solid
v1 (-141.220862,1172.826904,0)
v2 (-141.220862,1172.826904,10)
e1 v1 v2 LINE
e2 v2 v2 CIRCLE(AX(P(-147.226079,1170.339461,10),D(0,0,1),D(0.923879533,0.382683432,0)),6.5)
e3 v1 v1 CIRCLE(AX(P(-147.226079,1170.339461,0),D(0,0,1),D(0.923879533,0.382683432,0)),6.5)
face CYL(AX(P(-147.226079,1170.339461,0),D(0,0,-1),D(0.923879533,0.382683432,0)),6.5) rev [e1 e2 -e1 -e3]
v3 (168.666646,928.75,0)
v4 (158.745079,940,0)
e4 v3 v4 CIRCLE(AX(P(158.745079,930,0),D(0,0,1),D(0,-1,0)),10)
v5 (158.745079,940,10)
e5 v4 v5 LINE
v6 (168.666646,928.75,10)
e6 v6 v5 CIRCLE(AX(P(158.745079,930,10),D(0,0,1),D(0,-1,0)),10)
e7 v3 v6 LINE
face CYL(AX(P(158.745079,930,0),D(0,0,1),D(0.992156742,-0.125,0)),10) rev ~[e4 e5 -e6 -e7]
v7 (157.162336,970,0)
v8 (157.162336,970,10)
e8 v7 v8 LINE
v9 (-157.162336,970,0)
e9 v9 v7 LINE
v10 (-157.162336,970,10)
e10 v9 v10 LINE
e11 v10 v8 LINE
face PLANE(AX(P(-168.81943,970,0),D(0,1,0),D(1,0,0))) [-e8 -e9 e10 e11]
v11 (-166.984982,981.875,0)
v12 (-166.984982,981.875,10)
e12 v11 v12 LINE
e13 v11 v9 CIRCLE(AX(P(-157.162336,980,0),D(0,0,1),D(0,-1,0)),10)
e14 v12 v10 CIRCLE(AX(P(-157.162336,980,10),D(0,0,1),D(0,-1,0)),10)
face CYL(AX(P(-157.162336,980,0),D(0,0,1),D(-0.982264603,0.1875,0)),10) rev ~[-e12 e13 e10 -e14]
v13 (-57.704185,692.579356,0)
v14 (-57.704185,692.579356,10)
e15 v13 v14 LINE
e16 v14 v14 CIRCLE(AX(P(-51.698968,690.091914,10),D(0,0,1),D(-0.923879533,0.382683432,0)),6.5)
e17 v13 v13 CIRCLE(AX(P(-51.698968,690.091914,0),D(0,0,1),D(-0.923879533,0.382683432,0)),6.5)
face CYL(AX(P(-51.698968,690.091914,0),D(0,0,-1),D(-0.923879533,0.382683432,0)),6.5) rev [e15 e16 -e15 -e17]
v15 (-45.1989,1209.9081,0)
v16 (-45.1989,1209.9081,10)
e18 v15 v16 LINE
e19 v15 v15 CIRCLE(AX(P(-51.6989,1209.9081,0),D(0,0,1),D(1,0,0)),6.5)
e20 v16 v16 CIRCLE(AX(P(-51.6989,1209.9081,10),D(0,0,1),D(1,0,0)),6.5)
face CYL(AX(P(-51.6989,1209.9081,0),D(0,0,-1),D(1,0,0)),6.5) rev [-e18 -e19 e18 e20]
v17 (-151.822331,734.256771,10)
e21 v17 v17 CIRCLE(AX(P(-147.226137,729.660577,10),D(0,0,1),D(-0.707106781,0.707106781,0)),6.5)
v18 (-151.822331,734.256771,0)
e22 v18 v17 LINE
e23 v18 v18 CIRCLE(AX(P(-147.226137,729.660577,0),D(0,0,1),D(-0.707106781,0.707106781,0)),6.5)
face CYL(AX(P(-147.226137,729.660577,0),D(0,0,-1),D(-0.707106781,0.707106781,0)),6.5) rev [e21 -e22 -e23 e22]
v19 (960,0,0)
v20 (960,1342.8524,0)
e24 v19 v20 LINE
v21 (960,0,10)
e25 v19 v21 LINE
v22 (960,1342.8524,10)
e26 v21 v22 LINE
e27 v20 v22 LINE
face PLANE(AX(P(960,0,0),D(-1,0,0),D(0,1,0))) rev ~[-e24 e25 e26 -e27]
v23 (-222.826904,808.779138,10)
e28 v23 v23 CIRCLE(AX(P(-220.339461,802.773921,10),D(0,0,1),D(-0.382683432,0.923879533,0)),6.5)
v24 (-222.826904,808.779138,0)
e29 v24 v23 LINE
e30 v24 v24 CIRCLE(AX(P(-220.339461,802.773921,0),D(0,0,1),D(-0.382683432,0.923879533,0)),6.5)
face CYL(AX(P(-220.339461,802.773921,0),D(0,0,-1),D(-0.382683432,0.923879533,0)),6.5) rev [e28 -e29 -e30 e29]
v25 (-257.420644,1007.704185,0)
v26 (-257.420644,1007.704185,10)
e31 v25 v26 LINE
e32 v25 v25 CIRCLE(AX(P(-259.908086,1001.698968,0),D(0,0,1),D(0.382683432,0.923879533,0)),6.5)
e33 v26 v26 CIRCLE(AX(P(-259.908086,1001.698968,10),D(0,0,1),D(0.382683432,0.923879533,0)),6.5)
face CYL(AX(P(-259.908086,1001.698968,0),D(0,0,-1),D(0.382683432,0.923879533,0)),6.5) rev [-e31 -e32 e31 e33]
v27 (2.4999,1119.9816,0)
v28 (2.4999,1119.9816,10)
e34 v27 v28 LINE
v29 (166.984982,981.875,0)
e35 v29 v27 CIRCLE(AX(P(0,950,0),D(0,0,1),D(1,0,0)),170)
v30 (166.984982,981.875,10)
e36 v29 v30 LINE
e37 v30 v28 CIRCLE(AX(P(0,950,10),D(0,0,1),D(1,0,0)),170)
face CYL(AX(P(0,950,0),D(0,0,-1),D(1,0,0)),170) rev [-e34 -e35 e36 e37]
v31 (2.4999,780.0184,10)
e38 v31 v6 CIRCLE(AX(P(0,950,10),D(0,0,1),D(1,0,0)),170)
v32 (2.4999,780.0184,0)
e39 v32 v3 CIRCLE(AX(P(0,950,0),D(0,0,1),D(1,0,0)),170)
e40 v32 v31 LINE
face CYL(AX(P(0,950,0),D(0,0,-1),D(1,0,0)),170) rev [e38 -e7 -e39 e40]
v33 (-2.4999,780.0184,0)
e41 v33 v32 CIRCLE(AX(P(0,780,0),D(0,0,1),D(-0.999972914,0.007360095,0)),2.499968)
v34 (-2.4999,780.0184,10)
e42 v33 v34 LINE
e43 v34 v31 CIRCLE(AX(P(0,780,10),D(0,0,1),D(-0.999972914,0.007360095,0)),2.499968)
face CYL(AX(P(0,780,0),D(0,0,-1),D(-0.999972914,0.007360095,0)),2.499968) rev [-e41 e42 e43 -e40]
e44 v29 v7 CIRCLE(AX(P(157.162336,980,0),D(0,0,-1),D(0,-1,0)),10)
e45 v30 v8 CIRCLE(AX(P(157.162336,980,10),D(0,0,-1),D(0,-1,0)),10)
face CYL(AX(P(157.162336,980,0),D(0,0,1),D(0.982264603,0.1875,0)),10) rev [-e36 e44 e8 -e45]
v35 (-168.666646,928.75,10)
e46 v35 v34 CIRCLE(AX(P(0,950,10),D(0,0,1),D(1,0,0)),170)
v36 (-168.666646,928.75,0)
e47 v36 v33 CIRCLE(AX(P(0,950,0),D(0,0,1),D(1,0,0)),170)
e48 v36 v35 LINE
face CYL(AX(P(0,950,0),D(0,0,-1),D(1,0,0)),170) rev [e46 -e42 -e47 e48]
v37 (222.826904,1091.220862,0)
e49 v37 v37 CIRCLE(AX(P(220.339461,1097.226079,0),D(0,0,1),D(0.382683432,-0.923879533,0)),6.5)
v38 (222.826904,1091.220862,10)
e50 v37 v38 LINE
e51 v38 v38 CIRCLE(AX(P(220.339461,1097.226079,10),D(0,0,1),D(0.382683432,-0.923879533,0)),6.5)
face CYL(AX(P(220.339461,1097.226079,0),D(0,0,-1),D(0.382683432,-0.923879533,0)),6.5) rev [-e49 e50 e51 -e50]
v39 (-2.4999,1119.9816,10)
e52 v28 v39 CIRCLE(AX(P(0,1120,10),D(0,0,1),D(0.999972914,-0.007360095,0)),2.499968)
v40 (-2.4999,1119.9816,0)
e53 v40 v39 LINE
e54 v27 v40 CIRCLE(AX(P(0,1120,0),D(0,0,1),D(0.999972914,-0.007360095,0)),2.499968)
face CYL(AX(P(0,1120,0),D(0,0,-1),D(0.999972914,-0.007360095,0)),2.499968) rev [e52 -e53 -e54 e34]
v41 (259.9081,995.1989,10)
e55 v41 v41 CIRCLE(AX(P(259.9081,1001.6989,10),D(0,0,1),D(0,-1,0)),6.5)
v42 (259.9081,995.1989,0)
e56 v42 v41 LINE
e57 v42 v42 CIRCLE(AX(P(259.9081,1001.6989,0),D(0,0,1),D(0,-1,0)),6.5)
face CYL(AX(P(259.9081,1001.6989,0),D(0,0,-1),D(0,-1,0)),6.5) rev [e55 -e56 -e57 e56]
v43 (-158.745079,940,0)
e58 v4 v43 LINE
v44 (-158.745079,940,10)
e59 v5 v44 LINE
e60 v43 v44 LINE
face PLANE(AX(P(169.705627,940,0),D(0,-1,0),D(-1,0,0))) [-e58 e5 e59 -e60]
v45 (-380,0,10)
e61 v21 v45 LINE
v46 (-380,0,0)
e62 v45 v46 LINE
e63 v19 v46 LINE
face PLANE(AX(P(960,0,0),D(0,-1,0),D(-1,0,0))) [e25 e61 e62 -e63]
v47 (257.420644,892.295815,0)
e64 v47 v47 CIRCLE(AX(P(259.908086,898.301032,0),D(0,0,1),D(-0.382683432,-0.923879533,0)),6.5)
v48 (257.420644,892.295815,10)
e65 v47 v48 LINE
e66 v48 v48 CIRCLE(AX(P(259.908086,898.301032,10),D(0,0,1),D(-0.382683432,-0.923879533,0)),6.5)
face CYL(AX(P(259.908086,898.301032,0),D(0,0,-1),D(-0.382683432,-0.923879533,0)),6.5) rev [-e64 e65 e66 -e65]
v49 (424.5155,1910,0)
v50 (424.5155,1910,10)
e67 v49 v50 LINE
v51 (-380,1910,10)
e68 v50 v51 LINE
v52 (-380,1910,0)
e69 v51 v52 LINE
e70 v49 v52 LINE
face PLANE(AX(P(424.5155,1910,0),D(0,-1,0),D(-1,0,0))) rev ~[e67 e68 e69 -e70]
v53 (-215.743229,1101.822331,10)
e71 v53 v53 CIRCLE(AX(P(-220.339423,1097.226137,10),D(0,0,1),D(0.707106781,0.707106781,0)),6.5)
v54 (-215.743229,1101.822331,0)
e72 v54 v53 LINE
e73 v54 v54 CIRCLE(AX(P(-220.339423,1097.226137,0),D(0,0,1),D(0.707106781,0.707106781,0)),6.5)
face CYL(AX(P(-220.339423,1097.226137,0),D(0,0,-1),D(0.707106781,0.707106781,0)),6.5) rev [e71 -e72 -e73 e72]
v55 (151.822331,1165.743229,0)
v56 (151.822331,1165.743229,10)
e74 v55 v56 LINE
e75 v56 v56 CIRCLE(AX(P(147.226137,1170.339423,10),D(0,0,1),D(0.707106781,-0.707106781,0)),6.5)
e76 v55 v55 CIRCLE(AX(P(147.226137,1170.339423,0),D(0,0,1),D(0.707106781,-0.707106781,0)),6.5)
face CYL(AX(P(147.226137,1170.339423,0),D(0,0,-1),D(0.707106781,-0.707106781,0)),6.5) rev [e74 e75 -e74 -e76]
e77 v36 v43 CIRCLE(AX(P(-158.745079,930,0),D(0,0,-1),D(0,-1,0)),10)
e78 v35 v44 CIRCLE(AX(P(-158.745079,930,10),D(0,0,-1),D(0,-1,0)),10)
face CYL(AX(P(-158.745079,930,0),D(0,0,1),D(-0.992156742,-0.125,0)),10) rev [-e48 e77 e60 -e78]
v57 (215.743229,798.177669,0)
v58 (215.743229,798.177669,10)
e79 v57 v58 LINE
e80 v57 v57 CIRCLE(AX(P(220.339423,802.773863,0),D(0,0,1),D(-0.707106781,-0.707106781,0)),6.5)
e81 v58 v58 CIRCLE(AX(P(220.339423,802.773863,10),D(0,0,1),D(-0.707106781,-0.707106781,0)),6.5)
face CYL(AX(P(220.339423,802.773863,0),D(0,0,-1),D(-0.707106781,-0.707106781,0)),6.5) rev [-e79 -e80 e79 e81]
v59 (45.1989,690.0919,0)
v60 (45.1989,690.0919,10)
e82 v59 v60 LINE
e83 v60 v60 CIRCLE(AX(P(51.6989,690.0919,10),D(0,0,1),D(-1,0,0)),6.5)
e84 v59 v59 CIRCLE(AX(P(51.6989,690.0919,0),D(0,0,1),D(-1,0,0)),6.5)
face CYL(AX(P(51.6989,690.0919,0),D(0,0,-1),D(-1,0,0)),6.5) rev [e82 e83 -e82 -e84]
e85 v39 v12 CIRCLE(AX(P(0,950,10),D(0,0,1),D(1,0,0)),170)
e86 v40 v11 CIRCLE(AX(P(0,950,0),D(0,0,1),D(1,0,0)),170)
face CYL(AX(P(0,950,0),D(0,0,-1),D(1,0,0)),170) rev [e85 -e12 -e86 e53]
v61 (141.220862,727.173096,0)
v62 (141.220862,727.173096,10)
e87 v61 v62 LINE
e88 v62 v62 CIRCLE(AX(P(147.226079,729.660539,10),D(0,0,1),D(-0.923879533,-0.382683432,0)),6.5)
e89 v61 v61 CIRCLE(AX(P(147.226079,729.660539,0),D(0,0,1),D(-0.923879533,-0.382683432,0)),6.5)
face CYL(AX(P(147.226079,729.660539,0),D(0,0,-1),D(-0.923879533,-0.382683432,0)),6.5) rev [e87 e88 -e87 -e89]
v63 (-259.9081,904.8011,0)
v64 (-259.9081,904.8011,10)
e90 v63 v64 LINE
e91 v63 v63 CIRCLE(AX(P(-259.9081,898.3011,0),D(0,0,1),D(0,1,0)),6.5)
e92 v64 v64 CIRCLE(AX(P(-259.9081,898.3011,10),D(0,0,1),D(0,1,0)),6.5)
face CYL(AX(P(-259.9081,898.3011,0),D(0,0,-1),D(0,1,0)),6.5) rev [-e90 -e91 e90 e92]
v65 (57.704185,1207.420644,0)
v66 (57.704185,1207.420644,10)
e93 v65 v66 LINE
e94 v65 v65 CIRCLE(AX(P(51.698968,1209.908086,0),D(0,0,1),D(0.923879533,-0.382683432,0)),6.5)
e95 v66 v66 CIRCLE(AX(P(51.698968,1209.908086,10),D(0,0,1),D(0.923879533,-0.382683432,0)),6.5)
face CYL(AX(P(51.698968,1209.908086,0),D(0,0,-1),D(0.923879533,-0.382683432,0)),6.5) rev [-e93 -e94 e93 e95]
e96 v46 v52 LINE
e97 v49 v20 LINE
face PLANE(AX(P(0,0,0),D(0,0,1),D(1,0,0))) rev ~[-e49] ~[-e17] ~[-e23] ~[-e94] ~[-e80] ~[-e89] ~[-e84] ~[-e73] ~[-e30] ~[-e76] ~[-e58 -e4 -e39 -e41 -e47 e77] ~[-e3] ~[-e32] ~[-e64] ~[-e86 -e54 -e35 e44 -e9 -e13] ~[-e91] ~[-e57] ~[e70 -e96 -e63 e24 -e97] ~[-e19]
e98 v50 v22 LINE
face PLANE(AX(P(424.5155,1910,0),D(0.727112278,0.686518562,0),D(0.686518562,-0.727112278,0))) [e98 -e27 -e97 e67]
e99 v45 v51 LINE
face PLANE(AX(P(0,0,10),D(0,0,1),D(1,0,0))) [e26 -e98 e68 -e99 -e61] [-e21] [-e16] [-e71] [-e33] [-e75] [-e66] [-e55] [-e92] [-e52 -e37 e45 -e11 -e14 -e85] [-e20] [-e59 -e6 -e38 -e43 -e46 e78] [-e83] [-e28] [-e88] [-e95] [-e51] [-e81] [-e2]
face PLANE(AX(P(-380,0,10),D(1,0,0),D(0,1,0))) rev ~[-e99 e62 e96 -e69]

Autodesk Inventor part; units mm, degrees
ref_plane "YZ Plane" through (0, 0, 0) normal (1, 0, 0) x (0, 1, 0)
ref_plane "XZ Plane" through (0, 0, 0) normal (0, 1, 0) x (-1, 0, 0)
ref_plane "XY Plane" through (0, 0, 0) normal (0, 0, 1) x (1, 0, 0)
sketch "Sketch1" plane through (0, 0, 0) normal (0, 0, 1) x (1, 0, 0)
  line L0 (0, 0) -> (0, 1910) construction
  line L1 (424.5155, 1910) -> (-415.4845, 1910)
  line L2 (-415.4845, 1910) -> (-1180, 1150)
  line L3 (-1180, 0) -> (-1180, 1150)
  line L4 (960, 0) -> (960, 1342.8524)
  line L5 (424.5155, 1910) -> (960, 1342.8524)
  circle A0 centre (0, 950) radius 265 construction
  line L6 (960, 0) -> (-1180, 0)
  circle A1 centre (-1701.6377, -269.2167) radius 188.5 construction
  circle A2 centre (-800, 80) radius 55
  circle A3 centre (0, 950) radius 170
  line L7 (0, 1215) -> (0, 1120) construction
  line L8 (-721.2646, 955) -> (721.2646, 955) construction
  line L9 (-169.9265, 955) -> (-174.9265, 955) construction
  line L10 (-174.9265, 960) -> (-174.9265, 950)
  line L11 (-174.9265, 960) -> (-169.7056, 960)
  line L12 (-174.9265, 950) -> (-170, 950)
  line L13 (169.9265, 955) -> (174.9265, 955) construction
  line L14 (174.9265, 960) -> (174.9265, 950)
  line L15 (169.7056, 960) -> (174.9265, 960)
  line L16 (174.9265, 950) -> (170, 950)
  line L17 (-174.9265, 970) -> (174.9265, 970)
  line L18 (174.9265, 970) -> (174.9265, 940)
  line L19 (174.9265, 940) -> (-174.9265, 940)
  line L20 (-174.9265, 940) -> (-174.9265, 970)
  arc A4 (-2.4999, 780.0184) -> (2.4999, 780.0184) centre (0, 780) ccw
  arc A5 (2.4999, 1119.9816) -> (-2.4999, 1119.9816) centre (0, 1120) ccw
  point P0 (0, 955)
  point P1 (-169.7056, 940)
  point P2 (169.7056, 940)
  point P3 (168.8194, 970)
  point P4 (-168.8194, 970)
  dimension "d52" = 530
  dimension "d72" = 340
  dimension "d1" = 840
  dimension "d3" = 1150
  dimension "d12" = 1180
  dimension "d13" = 950
  dimension "d14" = 110
  dimension "d15" = 1910
  dimension "d17" = -521.6377
  dimension "d18" = 377
  dimension "d19" = -269.2167
  dimension "d34" = 380
  dimension "d35" = 80
  dimension "d37" = 2140
  dimension "d53" = 5
  dimension "d54" = 10
  dimension "d55" = 30
  dimension "d67" = 5
  dimension "d68" = 5
  dimension "d69" = 780
  dimension "d71" = 1078
extrude "Extrusion1" add sketch "Sketch1" along normal blind 10 contours L5 L4 L6 L3 L2 L1 | A3 L19 L17 | L16 L18 L19 A3 | A3 L15 L14 L16 | A3 L17 L18 L15 | L19 L20 L12 A3 | A3 L11 L20 L17 | L12 L10 L11 A3
fillet "Fillet1" radius 10 4 edges at (-168.8194, 970, 5) (-169.7056, 940, 5) (168.8194, 970, 5) (169.7056, 940, 5)
sketch "Sketch4" plane through (0, 0, 0) normal (0, 0, 1) x (1, 0, 0)
  circle A0 centre (-51.6989, 1209.9081) radius 6.5
  arc A1 (-2.4999, 1119.9816) -> (-166.985, 981.875) centre (0, 950) ccw projected
  line L0 (0, 950) -> (0, 1196.7062) construction
  line L1 (-51.6989, 1209.9081) -> (0, 950) construction
  point P0 (0, 0)
  point P1 (-5, 1149.9375)
  dimension "d59" = 265
  dimension "d60" = 13
  dimension "d61" = 11.25
extrude "Extrusion4" cut sketch "Sketch4" along normal blind 10
pattern_circular "Circular Pattern3" count 16 over 360 about axis through (0, 950, 0) along (0, 0, 1) of "Extrusion4"
sketch "Sketch5" plane through (0, 0, 10) normal (0, 0, 1) x (1, 0, 0)
  circle A0 centre (51.6989, 1209.9081) radius 6.5 projected
  circle A1 centre (147.2261, 1170.3394) radius 6.5 projected
  circle A2 centre (220.3394, 1097.2261) radius 6.5 projected
  circle A3 centre (259.9081, 1001.6989) radius 6.5 projected
  circle A4 centre (259.9081, 898.3011) radius 6.5 projected
  circle A5 centre (220.3394, 802.7739) radius 6.5 projected
  circle A6 centre (147.2261, 729.6606) radius 6.5 projected
  circle A7 centre (51.6989, 690.0919) radius 6.5 projected
  circle A8 centre (-51.6989, 690.0919) radius 6.5 projected
  circle A9 centre (-147.2261, 729.6606) radius 6.5 projected
  circle A10 centre (-220.3394, 802.7739) radius 6.5 projected
  circle A11 centre (-259.9081, 898.3011) radius 6.5 projected
  circle A12 centre (-259.9081, 1001.6989) radius 6.5 projected
  circle A13 centre (-220.3394, 1097.2261) radius 6.5 projected
  circle A14 centre (-147.2261, 1170.3394) radius 6.5 projected
  circle A15 centre (-51.6989, 1209.9081) radius 6.5 projected
  line L0 (960, 1342.8524) -> (424.5155, 1910) projected
  line L1 (424.5155, 1910) -> (-415.4845, 1910) projected
  line L2 (-415.4845, 1910) -> (-1180, 1150) projected
  line L3 (-1180, 1150) -> (-1180, 0) projected
  line L4 (-1180, 0) -> (960, 0) projected
  line L5 (960, 0) -> (960, 1342.8524) projected
  arc A16 (2.4999, 780.0184) -> (168.6666, 928.75) centre (0, 950) ccw projected
  arc A17 (-2.4999, 780.0184) -> (2.4999, 780.0184) centre (0, 780) ccw projected
  arc A18 (-168.6666, 928.75) -> (-2.4999, 780.0184) centre (0, 950) ccw projected
  arc A19 (-158.7451, 940) -> (-168.6666, 928.75) centre (-158.7451, 930) ccw projected
  line L6 (-158.7451, 940) -> (158.7451, 940) projected
  arc A20 (168.6666, 928.75) -> (158.7451, 940) centre (158.7451, 930) ccw projected
  circle A21 centre (-800, 80) radius 55 projected
  line L7 (157.1623, 970) -> (-157.1623, 970) projected
  arc A22 (-166.985, 981.875) -> (-157.1623, 970) centre (-157.1623, 980) ccw projected
  arc A23 (-2.4999, 1119.9816) -> (-166.985, 981.875) centre (0, 950) ccw projected
  arc A24 (2.4999, 1119.9816) -> (-2.4999, 1119.9816) centre (0, 1120) ccw projected
  arc A25 (166.985, 981.875) -> (2.4999, 1119.9816) centre (0, 950) ccw projected
  arc A26 (157.1623, 970) -> (166.985, 981.875) centre (157.1623, 980) ccw projected
  line L8 (-380, 0) -> (-380, 1910)
  point P0 (0, 0)
  dimension "d73" = 1340
extrude "Extrusion5" cut sketch "Sketch5" against normal through all contours L8 L4 L3 L2 L1
properties part number "ДМФ 012 Стенка Корма ПРАВ v2.0"
